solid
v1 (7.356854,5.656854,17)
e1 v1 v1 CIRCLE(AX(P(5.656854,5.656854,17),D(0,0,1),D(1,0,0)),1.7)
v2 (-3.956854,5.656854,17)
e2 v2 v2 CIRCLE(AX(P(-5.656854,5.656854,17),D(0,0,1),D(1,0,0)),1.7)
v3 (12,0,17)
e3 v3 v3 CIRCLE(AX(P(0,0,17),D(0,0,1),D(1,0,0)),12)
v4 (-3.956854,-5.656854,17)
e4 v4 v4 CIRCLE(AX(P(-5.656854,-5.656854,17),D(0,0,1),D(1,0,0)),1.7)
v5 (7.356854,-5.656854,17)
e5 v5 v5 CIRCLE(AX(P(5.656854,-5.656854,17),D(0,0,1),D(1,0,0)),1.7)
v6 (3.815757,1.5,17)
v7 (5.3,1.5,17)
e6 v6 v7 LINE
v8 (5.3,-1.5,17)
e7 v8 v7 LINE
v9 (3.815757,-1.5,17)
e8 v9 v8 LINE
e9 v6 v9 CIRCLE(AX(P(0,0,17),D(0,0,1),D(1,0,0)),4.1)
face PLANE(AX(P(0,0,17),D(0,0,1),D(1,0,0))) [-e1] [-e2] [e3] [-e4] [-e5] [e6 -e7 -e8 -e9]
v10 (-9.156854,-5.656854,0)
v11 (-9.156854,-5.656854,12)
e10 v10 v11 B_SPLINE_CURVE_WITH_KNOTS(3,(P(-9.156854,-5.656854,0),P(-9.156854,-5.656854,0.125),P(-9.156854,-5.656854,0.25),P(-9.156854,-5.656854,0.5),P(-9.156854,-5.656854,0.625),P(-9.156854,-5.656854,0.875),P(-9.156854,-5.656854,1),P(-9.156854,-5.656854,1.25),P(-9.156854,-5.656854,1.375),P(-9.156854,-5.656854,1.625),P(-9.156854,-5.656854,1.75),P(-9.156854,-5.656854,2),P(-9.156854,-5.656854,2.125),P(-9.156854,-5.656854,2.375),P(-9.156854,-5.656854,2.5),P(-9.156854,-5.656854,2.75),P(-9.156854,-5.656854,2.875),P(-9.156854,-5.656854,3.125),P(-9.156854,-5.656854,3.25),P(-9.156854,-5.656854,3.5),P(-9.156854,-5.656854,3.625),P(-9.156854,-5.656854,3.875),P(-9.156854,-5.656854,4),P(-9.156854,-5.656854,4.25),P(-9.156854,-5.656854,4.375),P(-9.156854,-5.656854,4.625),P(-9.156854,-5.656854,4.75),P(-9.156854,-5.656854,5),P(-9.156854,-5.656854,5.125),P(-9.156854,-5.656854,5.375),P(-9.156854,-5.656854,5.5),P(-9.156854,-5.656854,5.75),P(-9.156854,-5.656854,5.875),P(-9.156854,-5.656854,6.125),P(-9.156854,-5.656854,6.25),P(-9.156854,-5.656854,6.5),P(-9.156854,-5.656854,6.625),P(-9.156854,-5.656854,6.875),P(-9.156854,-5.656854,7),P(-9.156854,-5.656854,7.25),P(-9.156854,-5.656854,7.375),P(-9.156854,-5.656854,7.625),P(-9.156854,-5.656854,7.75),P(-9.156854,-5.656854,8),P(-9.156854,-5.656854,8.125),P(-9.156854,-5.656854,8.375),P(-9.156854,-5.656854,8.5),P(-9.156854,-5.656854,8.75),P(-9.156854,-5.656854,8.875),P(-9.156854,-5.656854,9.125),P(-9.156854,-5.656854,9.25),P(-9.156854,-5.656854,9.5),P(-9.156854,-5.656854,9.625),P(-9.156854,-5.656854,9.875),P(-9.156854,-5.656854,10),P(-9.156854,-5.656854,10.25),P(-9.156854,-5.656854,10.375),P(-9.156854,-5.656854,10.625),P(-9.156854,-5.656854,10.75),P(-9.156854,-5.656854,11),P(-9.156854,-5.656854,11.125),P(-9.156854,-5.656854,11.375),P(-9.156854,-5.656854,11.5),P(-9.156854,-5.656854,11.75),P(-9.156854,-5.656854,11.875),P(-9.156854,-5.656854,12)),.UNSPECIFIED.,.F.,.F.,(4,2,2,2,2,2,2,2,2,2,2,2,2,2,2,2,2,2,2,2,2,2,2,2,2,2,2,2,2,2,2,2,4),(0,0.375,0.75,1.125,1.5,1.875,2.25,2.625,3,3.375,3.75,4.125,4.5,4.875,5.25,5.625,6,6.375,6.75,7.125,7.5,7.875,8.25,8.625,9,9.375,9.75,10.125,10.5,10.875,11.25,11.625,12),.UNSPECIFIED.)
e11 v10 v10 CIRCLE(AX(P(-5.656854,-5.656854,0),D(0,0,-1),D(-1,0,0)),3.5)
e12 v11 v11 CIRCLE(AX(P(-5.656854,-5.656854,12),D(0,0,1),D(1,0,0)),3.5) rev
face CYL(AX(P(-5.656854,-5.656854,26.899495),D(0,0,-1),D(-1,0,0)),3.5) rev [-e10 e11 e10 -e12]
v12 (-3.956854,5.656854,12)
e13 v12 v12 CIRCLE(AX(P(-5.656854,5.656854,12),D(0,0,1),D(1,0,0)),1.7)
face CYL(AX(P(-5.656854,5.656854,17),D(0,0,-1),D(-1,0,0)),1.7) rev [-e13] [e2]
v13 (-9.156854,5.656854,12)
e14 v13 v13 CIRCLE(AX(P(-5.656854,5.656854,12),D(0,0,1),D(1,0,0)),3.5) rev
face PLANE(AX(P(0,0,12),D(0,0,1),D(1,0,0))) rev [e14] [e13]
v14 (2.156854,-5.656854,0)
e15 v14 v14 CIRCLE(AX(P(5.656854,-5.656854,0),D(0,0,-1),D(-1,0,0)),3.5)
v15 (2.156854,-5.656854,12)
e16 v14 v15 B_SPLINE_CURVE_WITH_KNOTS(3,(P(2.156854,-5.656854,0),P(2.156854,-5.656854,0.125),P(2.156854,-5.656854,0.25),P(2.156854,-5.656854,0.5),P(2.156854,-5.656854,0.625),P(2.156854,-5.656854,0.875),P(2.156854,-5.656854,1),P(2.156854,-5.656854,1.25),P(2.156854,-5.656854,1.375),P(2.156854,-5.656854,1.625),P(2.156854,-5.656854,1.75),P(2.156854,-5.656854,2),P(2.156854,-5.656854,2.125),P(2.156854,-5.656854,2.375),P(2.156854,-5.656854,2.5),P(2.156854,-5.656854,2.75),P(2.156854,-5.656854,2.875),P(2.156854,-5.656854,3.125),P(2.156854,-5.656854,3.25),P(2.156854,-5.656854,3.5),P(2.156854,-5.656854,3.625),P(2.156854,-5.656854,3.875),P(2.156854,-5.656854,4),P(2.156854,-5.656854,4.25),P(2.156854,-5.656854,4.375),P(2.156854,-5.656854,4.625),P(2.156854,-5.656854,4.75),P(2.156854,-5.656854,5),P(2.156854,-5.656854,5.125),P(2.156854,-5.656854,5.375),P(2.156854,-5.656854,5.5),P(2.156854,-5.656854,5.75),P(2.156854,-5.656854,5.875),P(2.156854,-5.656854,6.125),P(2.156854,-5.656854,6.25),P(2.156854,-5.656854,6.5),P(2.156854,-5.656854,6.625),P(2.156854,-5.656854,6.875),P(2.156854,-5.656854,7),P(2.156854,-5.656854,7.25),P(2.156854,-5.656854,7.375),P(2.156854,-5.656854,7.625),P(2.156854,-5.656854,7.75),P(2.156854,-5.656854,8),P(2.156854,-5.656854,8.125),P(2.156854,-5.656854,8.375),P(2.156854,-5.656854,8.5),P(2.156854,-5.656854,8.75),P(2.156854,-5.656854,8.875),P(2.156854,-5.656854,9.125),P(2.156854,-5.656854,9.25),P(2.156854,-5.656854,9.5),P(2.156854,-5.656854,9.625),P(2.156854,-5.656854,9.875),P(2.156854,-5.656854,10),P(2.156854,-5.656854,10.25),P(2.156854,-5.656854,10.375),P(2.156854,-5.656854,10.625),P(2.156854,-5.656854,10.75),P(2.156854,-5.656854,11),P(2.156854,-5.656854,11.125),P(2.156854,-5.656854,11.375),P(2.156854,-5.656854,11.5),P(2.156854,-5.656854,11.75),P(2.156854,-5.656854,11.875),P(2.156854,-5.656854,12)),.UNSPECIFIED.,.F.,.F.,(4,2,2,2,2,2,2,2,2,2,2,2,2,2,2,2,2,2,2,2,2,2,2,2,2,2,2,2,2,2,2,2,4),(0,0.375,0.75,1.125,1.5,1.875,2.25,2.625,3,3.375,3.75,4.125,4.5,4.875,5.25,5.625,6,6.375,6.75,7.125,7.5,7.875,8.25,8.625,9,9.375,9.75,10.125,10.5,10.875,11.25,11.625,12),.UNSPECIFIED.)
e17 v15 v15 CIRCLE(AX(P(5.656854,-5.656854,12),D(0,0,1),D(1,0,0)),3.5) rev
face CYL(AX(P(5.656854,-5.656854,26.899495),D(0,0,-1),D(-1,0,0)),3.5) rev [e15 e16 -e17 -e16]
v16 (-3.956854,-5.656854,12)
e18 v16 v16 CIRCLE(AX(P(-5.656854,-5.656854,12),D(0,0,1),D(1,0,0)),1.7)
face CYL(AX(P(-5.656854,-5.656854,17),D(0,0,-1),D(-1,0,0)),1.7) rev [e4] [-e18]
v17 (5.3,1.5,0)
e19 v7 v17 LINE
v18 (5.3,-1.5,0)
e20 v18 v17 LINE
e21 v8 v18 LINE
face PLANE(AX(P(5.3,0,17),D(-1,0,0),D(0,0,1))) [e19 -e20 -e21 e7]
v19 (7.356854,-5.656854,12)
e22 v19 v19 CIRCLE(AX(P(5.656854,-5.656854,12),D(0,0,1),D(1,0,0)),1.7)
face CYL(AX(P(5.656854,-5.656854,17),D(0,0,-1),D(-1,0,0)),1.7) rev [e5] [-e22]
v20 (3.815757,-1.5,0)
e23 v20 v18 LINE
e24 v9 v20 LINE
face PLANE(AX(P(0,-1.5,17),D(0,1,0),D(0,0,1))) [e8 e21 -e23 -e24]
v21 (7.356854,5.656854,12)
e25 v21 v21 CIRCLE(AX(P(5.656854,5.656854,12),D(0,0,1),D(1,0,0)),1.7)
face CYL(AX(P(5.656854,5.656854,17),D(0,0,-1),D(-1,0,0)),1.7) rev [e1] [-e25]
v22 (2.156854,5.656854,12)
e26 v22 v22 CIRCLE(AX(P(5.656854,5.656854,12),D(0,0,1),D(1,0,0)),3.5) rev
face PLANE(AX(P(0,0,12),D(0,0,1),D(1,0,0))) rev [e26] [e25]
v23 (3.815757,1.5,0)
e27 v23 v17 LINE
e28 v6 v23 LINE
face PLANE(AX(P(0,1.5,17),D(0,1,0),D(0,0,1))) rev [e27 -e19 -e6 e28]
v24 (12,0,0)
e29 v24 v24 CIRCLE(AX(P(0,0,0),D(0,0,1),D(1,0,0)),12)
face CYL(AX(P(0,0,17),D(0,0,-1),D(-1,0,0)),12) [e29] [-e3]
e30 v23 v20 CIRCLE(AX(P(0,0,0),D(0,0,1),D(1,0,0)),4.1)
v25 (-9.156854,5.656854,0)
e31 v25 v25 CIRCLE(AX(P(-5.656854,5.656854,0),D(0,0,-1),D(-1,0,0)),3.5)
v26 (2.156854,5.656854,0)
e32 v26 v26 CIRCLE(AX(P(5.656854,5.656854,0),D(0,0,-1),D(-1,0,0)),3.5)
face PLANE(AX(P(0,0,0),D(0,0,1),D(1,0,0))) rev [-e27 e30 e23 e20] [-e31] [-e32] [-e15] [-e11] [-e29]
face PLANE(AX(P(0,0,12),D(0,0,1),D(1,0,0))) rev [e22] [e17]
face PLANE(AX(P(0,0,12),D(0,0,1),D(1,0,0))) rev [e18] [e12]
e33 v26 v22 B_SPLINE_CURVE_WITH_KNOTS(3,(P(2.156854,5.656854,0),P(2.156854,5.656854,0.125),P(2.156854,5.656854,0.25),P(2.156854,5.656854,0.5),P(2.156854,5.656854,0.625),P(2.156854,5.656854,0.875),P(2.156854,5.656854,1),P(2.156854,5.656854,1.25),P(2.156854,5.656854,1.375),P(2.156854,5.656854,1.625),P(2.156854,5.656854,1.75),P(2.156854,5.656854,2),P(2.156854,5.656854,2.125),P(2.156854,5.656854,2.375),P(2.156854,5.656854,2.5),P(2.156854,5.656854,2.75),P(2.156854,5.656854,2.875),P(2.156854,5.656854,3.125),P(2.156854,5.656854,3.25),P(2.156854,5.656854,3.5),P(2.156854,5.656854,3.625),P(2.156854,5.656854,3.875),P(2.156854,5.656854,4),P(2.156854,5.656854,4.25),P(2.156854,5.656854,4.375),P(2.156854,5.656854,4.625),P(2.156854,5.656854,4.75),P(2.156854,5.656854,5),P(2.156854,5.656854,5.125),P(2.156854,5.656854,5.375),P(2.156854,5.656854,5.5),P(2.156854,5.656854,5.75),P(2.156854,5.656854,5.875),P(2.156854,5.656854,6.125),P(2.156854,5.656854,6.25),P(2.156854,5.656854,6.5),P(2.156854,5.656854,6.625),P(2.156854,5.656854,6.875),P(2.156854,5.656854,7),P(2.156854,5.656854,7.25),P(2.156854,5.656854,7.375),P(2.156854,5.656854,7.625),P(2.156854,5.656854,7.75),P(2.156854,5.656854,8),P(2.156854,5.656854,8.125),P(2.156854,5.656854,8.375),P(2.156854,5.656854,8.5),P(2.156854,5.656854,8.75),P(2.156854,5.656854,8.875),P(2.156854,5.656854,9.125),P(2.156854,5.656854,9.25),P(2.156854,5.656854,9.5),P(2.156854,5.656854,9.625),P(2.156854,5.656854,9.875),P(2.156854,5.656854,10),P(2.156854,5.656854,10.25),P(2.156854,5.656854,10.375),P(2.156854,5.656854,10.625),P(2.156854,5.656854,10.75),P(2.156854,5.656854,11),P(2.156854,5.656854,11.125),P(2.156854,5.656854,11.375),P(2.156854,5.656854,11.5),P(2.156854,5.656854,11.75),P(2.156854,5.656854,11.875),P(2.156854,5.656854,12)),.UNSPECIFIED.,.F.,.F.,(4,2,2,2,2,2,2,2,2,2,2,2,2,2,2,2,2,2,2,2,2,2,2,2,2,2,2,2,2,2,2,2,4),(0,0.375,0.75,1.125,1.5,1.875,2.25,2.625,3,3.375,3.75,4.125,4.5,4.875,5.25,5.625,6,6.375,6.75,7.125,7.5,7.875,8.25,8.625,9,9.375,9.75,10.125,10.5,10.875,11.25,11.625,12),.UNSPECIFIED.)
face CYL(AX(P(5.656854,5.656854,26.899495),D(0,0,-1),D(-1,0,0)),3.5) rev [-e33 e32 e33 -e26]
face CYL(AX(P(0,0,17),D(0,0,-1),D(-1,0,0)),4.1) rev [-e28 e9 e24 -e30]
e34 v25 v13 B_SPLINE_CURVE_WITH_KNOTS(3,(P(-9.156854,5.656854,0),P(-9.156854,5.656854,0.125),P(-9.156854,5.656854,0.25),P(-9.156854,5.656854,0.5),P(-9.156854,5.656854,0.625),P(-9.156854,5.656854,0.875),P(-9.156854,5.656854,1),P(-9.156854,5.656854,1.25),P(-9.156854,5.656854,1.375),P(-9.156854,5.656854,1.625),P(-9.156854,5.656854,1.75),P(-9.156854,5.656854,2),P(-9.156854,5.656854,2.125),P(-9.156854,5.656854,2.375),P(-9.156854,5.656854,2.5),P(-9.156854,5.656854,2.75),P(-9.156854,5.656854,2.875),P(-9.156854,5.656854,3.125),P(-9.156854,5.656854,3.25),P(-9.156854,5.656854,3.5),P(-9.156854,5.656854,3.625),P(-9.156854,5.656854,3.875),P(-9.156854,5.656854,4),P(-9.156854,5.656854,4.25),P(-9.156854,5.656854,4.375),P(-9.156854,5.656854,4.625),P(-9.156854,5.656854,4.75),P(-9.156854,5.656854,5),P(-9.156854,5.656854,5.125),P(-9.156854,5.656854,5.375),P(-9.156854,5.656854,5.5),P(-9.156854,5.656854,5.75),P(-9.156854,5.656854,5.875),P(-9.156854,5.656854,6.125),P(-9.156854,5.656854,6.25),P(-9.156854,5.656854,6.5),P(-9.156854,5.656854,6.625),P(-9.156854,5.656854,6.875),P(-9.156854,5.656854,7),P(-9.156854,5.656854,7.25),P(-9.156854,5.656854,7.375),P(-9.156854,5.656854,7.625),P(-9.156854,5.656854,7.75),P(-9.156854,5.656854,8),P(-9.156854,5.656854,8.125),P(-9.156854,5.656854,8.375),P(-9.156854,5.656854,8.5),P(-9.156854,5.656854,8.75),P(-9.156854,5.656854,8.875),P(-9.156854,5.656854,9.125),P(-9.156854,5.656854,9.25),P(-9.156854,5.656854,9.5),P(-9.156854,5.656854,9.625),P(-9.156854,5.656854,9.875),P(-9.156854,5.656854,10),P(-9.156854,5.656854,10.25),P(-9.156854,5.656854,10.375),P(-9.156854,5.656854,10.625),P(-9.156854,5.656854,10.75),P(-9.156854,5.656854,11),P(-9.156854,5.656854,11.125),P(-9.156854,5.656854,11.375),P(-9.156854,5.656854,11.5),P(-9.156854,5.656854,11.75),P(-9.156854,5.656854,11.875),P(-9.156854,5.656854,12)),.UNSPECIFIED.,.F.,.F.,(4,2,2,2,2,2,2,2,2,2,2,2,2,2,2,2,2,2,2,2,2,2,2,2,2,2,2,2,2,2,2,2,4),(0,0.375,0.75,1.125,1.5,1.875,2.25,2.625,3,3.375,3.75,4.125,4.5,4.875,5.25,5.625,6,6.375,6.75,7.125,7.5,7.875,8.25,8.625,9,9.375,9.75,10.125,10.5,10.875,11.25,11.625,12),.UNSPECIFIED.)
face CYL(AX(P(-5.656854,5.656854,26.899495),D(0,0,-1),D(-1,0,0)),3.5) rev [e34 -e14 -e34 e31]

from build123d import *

# Parameters (mm, degrees)
SKIZZE1_R                       = 12
SKIZZE1_R_2                     = 1.7
AUFSATZ_LINEAR_AUSTRAGEN1_DEPTH = 17
SKIZZE3_R                       = 3.5
SCHNITT_LINEAR_AUSTRAGEN1_DEPTH = 12


with BuildPart() as part:
    # Skizze1 → Aufsatz-Linear austragen1 (new body)
    with BuildSketch(Plane.XY):
        Circle(SKIZZE1_R)
        with Locations((5.656854249, 5.656854249)):
            Circle(SKIZZE1_R_2, mode=Mode.SUBTRACT)
        with Locations((-5.656854249, 5.656854249)):
            Circle(SKIZZE1_R_2, mode=Mode.SUBTRACT)
        with Locations((-5.656854249, -5.656854249)):
            Circle(SKIZZE1_R_2, mode=Mode.SUBTRACT)
        with Locations((5.656854249, -5.656854249)):
            Circle(SKIZZE1_R_2, mode=Mode.SUBTRACT)
        with BuildLine():
            ThreePointArc((3.815756806, -1.5), (-4.1, 0), (3.815756806, 1.5))
            Line((3.815756806, 1.5), (5.3, 1.5))
            Line((5.3, 1.5), (5.3, -1.5))
            Line((5.3, -1.5), (3.815756806, -1.5))
        make_face(mode=Mode.SUBTRACT)
    extrude(amount=AUFSATZ_LINEAR_AUSTRAGEN1_DEPTH)

    # Skizze3 → Schnitt-Linear austragen1 (cut)
    with BuildSketch(Plane(origin=(0, 0, 0), x_dir=(-1, 0, 0), z_dir=(0, 0, -1))):
        with Locations((-5.656854249, 5.656854249)):
            Circle(SKIZZE3_R)
        with Locations((5.656854249, 5.656854249)):
            Circle(SKIZZE3_R)
        with Locations((5.656854249, -5.656854249)):
            Circle(SKIZZE3_R)
        with Locations((-5.656854249, -5.656854249)):
            Circle(SKIZZE3_R)
    extrude(amount=-SCHNITT_LINEAR_AUSTRAGEN1_DEPTH, mode=Mode.SUBTRACT)


solid = part.part
